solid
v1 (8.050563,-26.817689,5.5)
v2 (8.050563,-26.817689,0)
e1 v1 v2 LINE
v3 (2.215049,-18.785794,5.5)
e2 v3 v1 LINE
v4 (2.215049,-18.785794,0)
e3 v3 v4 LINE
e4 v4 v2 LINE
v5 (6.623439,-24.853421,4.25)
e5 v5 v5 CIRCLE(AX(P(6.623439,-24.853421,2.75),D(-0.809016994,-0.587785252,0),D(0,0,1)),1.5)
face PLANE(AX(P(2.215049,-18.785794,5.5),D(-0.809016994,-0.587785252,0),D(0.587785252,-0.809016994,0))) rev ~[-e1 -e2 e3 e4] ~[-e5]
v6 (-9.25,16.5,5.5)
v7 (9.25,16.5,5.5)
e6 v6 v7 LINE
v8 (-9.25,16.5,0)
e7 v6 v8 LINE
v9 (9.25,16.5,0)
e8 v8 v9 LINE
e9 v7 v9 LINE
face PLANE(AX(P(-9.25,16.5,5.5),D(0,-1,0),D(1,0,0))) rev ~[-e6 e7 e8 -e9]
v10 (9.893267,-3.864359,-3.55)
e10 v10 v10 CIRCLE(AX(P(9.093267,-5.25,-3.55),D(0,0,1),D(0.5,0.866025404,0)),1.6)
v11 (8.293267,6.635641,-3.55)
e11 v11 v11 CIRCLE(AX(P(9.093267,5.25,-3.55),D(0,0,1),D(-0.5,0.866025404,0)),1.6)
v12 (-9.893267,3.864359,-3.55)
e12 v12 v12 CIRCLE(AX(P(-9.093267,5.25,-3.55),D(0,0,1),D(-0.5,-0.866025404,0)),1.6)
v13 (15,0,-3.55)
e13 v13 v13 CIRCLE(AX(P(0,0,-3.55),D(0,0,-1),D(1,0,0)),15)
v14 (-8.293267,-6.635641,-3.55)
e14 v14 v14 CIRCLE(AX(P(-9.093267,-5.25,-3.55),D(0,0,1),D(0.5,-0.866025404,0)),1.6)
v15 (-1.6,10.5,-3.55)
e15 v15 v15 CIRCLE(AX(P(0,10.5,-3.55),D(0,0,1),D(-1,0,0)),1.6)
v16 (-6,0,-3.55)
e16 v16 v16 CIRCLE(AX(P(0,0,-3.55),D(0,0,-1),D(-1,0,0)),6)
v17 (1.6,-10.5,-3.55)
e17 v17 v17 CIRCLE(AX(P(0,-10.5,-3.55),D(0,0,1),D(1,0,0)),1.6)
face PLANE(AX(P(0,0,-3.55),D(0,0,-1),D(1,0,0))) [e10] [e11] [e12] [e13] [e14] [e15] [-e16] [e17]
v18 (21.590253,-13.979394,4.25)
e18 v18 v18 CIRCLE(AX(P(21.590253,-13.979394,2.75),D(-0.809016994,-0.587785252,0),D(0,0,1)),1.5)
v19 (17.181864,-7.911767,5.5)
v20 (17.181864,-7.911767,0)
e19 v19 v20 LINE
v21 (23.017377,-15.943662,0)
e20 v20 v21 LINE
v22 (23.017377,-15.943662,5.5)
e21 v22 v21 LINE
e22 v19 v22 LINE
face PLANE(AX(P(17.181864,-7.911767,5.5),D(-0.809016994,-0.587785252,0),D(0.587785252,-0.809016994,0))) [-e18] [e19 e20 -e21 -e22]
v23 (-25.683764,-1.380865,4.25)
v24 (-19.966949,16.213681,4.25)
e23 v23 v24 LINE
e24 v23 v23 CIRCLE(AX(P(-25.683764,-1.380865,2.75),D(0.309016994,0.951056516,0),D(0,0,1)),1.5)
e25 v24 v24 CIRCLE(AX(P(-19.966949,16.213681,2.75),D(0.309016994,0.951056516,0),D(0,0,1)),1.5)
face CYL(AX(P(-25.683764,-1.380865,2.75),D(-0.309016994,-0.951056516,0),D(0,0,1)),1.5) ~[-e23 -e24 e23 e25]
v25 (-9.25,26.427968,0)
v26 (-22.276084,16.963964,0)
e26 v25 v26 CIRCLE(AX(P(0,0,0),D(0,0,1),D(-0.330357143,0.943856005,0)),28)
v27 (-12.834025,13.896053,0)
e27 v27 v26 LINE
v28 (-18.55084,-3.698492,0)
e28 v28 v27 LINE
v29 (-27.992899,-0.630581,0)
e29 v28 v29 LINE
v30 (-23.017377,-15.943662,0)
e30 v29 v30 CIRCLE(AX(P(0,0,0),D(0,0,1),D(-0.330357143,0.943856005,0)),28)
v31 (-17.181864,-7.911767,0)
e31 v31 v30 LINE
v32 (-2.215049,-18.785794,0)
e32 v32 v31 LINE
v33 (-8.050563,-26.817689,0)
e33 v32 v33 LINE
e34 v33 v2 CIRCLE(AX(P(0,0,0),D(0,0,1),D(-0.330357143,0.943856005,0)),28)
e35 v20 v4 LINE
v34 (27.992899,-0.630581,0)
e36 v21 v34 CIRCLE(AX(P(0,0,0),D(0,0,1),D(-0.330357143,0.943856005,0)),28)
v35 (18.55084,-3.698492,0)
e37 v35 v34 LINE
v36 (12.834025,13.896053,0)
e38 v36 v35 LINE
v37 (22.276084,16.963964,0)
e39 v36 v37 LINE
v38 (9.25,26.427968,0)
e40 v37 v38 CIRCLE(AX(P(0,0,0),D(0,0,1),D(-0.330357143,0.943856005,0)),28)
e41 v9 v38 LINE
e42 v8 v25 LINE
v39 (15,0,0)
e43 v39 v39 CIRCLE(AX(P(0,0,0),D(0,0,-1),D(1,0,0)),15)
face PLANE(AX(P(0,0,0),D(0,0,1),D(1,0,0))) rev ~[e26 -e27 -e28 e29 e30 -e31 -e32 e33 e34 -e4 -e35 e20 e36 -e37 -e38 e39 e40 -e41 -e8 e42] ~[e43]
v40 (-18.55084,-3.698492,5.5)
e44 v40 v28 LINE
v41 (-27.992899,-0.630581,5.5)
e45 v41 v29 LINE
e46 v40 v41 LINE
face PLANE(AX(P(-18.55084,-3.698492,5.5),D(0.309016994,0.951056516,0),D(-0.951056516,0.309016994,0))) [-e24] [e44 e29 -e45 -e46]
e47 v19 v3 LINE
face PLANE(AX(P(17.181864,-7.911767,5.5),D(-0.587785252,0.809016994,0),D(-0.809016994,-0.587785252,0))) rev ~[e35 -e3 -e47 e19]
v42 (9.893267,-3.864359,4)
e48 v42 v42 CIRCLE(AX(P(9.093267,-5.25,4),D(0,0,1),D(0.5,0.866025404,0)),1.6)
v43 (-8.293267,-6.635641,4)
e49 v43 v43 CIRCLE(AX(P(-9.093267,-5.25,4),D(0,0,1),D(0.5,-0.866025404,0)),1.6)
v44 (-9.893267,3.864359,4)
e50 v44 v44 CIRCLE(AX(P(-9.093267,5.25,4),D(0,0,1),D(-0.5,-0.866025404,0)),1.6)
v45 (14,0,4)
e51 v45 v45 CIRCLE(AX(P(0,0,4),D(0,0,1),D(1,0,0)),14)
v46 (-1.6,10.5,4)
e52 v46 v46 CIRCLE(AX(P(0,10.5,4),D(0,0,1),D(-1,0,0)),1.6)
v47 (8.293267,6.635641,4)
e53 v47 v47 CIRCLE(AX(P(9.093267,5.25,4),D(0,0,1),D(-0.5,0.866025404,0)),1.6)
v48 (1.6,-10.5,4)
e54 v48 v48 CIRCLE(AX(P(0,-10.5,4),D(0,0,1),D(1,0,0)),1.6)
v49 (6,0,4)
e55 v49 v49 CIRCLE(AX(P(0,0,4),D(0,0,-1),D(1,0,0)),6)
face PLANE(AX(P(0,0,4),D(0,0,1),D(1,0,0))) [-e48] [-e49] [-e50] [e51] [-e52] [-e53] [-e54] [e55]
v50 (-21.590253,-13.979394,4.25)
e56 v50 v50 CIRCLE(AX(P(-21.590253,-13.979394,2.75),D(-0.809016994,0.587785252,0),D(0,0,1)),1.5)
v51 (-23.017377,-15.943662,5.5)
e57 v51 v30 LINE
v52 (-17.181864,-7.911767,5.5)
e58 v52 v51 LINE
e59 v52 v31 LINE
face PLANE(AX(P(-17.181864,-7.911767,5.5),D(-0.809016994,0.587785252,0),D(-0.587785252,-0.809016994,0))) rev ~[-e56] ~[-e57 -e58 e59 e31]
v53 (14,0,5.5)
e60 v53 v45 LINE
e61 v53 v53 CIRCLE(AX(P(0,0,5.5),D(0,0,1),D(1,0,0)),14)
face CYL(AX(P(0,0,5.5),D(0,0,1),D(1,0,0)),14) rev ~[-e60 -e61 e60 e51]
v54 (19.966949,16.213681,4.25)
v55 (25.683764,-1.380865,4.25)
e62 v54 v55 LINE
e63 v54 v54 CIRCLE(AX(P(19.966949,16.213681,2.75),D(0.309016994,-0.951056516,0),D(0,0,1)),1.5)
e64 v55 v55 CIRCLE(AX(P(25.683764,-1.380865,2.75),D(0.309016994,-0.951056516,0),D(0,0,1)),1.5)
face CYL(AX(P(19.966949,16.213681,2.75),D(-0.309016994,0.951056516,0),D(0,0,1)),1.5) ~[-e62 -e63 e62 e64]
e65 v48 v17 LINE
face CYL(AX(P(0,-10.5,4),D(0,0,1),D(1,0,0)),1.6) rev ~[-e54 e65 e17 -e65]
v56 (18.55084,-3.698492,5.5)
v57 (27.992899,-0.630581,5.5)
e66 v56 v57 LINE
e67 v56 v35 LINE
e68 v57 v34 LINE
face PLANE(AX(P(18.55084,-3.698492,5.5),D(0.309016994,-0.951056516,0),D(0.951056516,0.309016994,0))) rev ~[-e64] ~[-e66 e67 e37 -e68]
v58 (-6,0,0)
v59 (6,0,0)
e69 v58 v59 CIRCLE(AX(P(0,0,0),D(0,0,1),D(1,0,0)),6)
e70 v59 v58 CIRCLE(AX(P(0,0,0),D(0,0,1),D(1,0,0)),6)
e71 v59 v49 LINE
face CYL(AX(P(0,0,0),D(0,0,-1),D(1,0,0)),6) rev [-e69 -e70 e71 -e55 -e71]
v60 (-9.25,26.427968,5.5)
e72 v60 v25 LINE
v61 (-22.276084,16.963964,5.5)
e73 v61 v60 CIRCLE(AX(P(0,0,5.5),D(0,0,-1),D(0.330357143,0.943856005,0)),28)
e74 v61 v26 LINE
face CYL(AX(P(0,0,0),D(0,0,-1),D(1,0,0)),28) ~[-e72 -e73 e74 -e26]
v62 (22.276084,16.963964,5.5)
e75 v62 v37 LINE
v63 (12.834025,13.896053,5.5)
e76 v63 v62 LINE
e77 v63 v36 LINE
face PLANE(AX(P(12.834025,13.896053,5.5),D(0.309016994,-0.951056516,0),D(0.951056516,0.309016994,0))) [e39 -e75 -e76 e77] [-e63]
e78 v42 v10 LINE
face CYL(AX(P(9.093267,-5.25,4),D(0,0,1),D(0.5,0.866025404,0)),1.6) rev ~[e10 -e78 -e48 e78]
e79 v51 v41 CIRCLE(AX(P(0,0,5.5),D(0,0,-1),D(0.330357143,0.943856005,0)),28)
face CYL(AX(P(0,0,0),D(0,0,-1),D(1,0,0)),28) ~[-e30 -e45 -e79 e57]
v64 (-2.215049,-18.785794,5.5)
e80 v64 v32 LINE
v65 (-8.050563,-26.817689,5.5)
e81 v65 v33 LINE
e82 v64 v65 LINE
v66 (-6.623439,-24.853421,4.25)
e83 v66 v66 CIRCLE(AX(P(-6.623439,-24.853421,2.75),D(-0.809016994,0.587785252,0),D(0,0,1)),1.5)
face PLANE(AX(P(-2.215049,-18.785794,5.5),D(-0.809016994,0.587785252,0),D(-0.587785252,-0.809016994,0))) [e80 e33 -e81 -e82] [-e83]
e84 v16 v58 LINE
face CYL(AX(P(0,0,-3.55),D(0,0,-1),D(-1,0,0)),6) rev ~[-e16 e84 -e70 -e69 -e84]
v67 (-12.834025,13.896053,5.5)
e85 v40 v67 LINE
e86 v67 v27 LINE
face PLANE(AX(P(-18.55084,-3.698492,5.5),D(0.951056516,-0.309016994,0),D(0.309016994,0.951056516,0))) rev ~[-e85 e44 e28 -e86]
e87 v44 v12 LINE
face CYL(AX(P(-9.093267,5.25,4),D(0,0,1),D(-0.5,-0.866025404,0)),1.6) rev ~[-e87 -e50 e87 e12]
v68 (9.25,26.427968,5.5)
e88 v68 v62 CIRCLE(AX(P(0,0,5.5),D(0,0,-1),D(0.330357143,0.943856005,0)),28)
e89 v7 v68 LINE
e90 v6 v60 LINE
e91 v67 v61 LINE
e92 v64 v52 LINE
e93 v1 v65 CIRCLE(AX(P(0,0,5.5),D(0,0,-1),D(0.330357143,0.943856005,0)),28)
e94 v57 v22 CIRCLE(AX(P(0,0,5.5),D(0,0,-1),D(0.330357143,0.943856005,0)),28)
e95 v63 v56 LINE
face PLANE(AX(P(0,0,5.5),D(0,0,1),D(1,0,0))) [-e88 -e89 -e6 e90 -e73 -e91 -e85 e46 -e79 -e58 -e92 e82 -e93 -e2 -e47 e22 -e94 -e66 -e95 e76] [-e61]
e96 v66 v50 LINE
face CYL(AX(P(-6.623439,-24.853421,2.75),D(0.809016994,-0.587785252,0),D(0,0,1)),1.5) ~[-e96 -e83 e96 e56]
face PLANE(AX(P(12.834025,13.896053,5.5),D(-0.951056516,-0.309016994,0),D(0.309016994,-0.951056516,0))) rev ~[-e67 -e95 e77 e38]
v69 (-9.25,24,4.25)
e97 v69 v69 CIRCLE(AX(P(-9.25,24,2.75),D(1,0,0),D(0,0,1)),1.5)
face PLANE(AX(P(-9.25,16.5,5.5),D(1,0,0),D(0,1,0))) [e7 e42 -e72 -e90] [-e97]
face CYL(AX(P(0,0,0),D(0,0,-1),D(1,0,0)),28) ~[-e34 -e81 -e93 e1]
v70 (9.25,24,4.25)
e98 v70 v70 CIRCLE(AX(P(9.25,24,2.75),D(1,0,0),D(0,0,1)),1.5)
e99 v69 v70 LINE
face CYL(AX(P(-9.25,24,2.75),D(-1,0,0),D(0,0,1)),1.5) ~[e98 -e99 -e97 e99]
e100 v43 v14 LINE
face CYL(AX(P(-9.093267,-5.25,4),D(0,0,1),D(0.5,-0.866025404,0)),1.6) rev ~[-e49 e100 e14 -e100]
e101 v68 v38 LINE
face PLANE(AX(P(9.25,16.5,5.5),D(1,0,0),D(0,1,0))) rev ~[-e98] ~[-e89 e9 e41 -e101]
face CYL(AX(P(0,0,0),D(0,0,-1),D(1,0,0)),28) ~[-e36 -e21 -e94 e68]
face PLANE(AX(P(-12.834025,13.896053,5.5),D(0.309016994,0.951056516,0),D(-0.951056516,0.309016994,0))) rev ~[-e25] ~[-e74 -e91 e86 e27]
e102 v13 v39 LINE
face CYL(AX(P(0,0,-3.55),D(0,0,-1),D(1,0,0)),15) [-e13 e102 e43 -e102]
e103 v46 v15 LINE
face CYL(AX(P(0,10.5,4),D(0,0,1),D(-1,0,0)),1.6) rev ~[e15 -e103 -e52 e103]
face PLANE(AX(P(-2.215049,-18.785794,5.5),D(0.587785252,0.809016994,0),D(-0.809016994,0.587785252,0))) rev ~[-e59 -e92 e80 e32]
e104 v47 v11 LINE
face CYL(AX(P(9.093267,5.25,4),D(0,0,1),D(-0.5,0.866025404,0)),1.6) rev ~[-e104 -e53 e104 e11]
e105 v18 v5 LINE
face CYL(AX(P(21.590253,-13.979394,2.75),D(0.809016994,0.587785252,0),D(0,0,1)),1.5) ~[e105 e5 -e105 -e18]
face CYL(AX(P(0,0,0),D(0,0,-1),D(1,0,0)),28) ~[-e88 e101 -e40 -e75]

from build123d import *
from build123d.topology import SkipClean

# Parameters (mm, degrees)
SKETCH_1_R               = 28
SKETCH_1_R_2             = 6
EXTRUDE_1_DEPTH          = 5.5
SKETCH_2_W               = 18.5
SKETCH_2_H               = 13.5
CUT_EXTRUDE_1_DEPTH      = 6
SKETCH_3_R               = 1.5
EXTRUDE_2_DEPTH          = 18.5
PATTERN_CIRCULAR_1_COUNT = 5
EXTRUDE_START            = 3.55
SKETCH_4_R               = 15
SKETCH_4_R_2             = 6
EXTRUDE_3_DEPTH          = 3.55
SKETCH_10_R              = 14
CUT_EXTRUDE_5_DEPTH      = 1.5
SKETCH_11_R              = 1.6
CUT_EXTRUDE_6_DEPTH      = 10
PATTERN_CIRCULAR_2_COUNT = 6


with BuildPart() as part:
    # 草图1 → 凸台-拉伸1 (new body)
    with BuildSketch(Plane.XY):
        Circle(SKETCH_1_R)
        Circle(SKETCH_1_R_2, mode=Mode.SUBTRACT)
    extrude(amount=EXTRUDE_1_DEPTH)

    # 草图2 → 切除-拉伸1 (cut)
    with BuildSketch(Plane.XY.offset(5.5)):
        with Locations((0, 23.25)):
            Rectangle(SKETCH_2_W, SKETCH_2_H)
    cut_extrude_1 = extrude(amount=-CUT_EXTRUDE_1_DEPTH, mode=Mode.SUBTRACT)

    # 草图3 → 凸台-拉伸2 (add)
    with BuildSketch(Plane(origin=(-9.25, 0, 0), x_dir=(0, 0, -1), z_dir=(1, 0, 0))):
        with Locations(Location((-2.75, 24, 0), (0, 0, 180))):
            Circle(SKETCH_3_R)
    extrude_2 = extrude(amount=EXTRUDE_2_DEPTH)

    # 阵列(圆周)1: 切除-拉伸1, 凸台-拉伸2 ×5 about axis
    pattern_circular_1_axis = Axis((0, 0, 0), (0, 0, 1))
    add([cut_extrude_1.rotate(pattern_circular_1_axis, i * 360 / PATTERN_CIRCULAR_1_COUNT) for i in range(1, PATTERN_CIRCULAR_1_COUNT)], mode=Mode.SUBTRACT)
    add([extrude_2.rotate(pattern_circular_1_axis, i * 360 / PATTERN_CIRCULAR_1_COUNT) for i in range(1, PATTERN_CIRCULAR_1_COUNT)])

    # 草图4 → 凸台-拉伸3 (add)
    with SkipClean():  # the faces are left unmerged after this step: merging them gives an invalid solid
        with BuildSketch(Plane(origin=(0, 0, 0), x_dir=(-1, 0, 0), z_dir=(0, 0, -1)).offset(EXTRUDE_START)):
            with Locations(Location((0, 0, 0), (0, 0, 180))):
                Circle(SKETCH_4_R)
            Circle(SKETCH_4_R_2, mode=Mode.SUBTRACT)
        extrude(amount=-EXTRUDE_3_DEPTH)

    # 草图10 → 切除-拉伸5 (cut)
    with BuildSketch(Plane.XY.offset(5.5)):
        Circle(SKETCH_10_R)
    extrude(amount=-CUT_EXTRUDE_5_DEPTH, mode=Mode.SUBTRACT)

    # 草图11 → 切除-拉伸6 (cut)
    with BuildSketch(Plane.XY.offset(4)):
        with Locations((0, -10.5)):
            Circle(SKETCH_11_R)
    cut_extrude_6 = extrude(amount=-CUT_EXTRUDE_6_DEPTH, mode=Mode.SUBTRACT)

    # 阵列(圆周)2: 切除-拉伸6 ×6 about axis
    pattern_circular_2_axis = Axis((0, 0, 0), (0, 0, 1))
    for i in range(1, PATTERN_CIRCULAR_2_COUNT):
        add(cut_extrude_6.rotate(pattern_circular_2_axis, i * 360 / PATTERN_CIRCULAR_2_COUNT), mode=Mode.SUBTRACT)


solid = part.part
